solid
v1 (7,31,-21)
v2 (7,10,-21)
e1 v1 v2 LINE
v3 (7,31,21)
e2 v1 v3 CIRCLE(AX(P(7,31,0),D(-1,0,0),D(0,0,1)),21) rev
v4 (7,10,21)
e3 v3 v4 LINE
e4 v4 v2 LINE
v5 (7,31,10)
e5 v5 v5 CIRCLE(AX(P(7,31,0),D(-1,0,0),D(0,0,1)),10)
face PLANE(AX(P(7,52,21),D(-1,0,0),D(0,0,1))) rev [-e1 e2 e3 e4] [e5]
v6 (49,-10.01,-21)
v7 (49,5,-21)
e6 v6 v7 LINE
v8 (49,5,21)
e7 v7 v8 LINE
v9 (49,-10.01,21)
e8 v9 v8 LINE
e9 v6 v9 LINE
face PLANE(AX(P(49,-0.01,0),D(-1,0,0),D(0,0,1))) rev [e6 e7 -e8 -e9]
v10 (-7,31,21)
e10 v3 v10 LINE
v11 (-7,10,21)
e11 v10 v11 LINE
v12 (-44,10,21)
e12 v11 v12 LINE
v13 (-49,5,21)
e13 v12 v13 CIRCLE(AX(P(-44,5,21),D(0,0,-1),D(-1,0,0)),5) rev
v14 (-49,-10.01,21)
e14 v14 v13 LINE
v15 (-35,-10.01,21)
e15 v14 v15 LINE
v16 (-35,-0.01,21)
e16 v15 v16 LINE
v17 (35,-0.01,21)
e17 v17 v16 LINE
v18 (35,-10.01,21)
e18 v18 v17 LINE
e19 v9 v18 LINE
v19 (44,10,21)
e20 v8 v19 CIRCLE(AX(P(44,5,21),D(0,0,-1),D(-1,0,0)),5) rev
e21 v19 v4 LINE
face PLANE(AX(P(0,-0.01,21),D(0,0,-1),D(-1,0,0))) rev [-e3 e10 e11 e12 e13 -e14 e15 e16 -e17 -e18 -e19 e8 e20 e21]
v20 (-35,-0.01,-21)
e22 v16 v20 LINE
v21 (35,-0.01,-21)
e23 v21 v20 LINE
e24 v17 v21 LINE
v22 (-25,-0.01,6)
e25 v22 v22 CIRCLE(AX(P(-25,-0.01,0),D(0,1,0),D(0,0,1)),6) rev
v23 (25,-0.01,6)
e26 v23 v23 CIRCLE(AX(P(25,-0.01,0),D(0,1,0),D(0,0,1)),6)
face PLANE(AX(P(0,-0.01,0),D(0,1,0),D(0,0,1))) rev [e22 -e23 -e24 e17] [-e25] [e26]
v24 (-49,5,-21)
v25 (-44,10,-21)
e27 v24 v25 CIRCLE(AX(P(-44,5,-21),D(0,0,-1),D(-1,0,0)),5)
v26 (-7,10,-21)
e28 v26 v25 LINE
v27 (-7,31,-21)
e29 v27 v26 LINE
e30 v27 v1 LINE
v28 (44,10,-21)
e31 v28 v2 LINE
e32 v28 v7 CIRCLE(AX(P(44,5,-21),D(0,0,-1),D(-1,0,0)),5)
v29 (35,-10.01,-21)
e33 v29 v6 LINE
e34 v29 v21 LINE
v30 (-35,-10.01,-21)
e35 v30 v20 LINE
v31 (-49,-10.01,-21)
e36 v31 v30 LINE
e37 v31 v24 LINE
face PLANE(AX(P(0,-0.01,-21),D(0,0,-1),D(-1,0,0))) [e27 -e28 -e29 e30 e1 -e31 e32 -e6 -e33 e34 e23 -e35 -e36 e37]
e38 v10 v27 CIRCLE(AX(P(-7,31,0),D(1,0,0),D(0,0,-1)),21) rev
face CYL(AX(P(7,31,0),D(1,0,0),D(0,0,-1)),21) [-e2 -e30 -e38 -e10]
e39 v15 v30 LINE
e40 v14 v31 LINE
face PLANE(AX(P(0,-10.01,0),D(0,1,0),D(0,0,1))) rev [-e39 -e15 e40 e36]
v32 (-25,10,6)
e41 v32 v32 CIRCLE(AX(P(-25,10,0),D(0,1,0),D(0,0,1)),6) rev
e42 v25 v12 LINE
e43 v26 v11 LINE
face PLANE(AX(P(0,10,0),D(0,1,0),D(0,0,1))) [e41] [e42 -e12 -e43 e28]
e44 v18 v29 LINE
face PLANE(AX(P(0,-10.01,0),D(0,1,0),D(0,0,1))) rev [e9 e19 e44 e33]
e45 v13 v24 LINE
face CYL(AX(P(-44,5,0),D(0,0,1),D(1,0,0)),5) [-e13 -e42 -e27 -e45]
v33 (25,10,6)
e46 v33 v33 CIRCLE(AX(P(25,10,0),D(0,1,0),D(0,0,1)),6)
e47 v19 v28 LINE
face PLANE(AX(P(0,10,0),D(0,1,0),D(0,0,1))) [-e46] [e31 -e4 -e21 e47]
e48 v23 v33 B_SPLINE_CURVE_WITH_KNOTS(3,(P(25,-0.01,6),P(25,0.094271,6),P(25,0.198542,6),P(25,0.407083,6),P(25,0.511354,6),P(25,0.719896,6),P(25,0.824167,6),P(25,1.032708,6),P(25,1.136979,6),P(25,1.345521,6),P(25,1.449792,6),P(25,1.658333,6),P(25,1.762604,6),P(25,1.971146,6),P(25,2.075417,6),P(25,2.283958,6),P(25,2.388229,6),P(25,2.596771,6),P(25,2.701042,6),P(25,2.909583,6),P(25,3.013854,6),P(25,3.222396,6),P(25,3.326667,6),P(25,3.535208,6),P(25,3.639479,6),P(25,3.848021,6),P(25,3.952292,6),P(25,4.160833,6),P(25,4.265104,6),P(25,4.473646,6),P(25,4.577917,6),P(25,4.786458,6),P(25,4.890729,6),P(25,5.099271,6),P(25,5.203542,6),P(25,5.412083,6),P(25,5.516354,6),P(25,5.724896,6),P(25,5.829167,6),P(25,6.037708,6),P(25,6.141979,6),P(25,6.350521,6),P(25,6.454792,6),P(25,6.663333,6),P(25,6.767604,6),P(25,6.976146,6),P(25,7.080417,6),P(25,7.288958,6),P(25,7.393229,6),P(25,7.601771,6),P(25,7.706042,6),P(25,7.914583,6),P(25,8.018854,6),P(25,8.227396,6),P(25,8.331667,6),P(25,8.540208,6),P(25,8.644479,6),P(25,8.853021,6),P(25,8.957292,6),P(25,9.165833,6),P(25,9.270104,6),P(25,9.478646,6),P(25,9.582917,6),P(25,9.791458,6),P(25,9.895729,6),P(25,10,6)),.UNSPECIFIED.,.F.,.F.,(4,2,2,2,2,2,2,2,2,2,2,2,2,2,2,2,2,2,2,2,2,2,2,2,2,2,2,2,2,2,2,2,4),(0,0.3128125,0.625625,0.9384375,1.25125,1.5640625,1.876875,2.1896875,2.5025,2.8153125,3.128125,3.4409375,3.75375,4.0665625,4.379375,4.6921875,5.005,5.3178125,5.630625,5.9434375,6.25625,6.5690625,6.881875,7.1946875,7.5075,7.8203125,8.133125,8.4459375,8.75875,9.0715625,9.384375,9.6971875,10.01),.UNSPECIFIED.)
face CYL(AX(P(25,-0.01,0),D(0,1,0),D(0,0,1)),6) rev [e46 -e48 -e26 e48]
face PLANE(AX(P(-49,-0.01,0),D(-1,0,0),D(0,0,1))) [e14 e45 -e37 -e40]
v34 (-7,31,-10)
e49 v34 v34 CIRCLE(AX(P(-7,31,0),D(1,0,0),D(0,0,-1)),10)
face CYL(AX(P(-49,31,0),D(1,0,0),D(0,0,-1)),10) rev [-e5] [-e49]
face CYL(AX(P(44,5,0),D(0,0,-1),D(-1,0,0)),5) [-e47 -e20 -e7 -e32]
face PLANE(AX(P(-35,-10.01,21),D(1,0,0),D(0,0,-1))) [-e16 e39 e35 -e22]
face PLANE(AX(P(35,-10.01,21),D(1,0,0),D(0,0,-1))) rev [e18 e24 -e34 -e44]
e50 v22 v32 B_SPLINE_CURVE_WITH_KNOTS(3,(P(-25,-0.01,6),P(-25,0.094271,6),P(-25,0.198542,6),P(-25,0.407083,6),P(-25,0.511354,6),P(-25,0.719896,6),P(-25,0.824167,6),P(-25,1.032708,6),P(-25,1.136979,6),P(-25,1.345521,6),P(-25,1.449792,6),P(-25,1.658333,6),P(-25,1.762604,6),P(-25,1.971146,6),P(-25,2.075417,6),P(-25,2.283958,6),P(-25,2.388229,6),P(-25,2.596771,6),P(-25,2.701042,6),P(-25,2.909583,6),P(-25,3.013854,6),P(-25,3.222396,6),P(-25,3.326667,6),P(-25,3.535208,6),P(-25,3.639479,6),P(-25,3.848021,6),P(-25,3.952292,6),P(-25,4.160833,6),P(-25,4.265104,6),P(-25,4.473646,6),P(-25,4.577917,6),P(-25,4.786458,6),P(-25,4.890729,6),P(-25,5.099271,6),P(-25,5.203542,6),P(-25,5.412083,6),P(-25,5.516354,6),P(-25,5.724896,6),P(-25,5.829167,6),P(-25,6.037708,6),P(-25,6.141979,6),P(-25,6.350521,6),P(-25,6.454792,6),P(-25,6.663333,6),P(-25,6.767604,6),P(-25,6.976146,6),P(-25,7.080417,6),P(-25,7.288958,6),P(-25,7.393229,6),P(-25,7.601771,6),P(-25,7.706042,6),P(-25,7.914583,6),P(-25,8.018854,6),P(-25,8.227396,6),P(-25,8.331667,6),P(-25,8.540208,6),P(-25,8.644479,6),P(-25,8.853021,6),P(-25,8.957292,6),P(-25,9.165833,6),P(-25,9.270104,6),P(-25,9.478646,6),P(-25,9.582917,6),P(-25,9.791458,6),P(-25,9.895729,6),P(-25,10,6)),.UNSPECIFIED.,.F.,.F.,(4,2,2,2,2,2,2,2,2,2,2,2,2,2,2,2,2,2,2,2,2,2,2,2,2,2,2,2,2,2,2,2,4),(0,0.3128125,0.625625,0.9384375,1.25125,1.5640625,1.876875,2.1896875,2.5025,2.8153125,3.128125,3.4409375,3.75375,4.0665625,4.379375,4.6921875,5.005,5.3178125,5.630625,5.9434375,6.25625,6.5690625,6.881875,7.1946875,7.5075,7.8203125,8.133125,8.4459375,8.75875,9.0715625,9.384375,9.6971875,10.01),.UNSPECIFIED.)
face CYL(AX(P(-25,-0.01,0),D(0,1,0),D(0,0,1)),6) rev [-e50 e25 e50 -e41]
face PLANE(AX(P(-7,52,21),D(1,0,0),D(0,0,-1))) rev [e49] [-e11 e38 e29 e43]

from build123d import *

# Parameters (mm, degrees)
BOSS_EXTRUDE1_DEPTH      = 10
BOSS_EXTRUDE1_DEPTH_BACK = 0.01
SKETCH1_W                = 98
SKETCH1_H                = 42
SKETCH1_R                = 6
FILLET1_R                = 5
FILLET2_R                = 5
SKETCH3_W                = 14
SKETCH3_H                = 42
BOSS_EXTRUDE4_DEPTH      = 10
SKETCH10_W               = 14
SKETCH10_H               = 42
BOSS_EXTRUDE5_DEPTH      = 10
SKETCH11_W               = 14
SKETCH11_H               = 42
BOSS_EXTRUDE6_DEPTH      = 42
FILLET3_RADIUS           = 21
FILLET3_LENGTH           = 14
CUT_EXTRUDE1_DEPTH       = 80.252760204
CUT_EXTRUDE1_DEPTH_BACK  = 80.252760204
SKETCH12_R               = 10


with BuildPart() as part:
    # Sketch1 → Boss-Extrude1 (new, two sides: drawn at the far end of the back side and taken through both)
    with BuildSketch(Plane(origin=(0, 0, 0), x_dir=(1, 0, 0), z_dir=(0, 1, 0)).offset(-BOSS_EXTRUDE1_DEPTH_BACK)):
        Rectangle(SKETCH1_W, SKETCH1_H)
        with Locations(Location((25, 0, 0), (0, 0, 270))):
            Circle(SKETCH1_R, mode=Mode.SUBTRACT)
        with Locations(Location((-25, 0, 0), (0, 0, 270))):
            Circle(SKETCH1_R, mode=Mode.SUBTRACT)
    extrude(amount=BOSS_EXTRUDE1_DEPTH + BOSS_EXTRUDE1_DEPTH_BACK)

    # Fillet1
    fillet1_edges = [part.edges().sort_by_distance(p)[0] for p in [
        (-49, 10, 0),
    ]]
    fillet(fillet1_edges, radius=FILLET1_R)

    # Fillet2
    fillet2_edges = [part.edges().sort_by_distance(p)[0] for p in [
        (49, 10, 0),
    ]]
    fillet(fillet2_edges, radius=FILLET2_R)

    # Sketch3 → Boss-Extrude4 (add)
    with BuildSketch(Plane.XZ.offset(0.01)):
        with Locations((-42, 0)):
            Rectangle(SKETCH3_W, SKETCH3_H)
    extrude(amount=BOSS_EXTRUDE4_DEPTH)

    # Sketch10 → Boss-Extrude5 (add)
    with BuildSketch(Plane.XZ.offset(0.01)):
        with Locations((42, 0)):
            Rectangle(SKETCH10_W, SKETCH10_H)
    extrude(amount=BOSS_EXTRUDE5_DEPTH)

    # Sketch11 → Boss-Extrude6 (add)
    with BuildSketch(Plane(origin=(0, 10, 0), x_dir=(1, 0, 0), z_dir=(0, 1, 0))):
        Rectangle(SKETCH11_W, SKETCH11_H)
    extrude(amount=BOSS_EXTRUDE6_DEPTH)

    # Fillet3: full round fillet: the end face becomes a half cylinder, R = half its width
    fillet3_face = Plane((0, 52, 0), x_dir=(1, 0, 0), z_dir=(0, 1, 0))  # on the end face: x along it, z out of the body
    fillet3_slab = fillet3_face.offset(-FILLET3_RADIUS / 2) * Box(FILLET3_LENGTH, 2 * FILLET3_RADIUS, FILLET3_RADIUS, mode=Mode.PRIVATE)  # the body's end, R deep
    fillet3_round = Plane((0, 31, 0), x_dir=(0, 1, 0), z_dir=(1, 0, 0)) * Cylinder(FILLET3_RADIUS, FILLET3_LENGTH, mode=Mode.PRIVATE)  # its axis R under the face
    add(fillet3_slab - fillet3_round, mode=Mode.SUBTRACT)

    # Sketch12 → Cut-Extrude1 (cut, two sides: drawn at the far end of the back side and taken through both)
    with BuildSketch(Plane(origin=(7, 0, 0), x_dir=(0, 0, -1), z_dir=(1, 0, 0)).offset(-CUT_EXTRUDE1_DEPTH_BACK)):
        with Locations((0, 31)):
            Circle(SKETCH12_R)
    extrude(amount=CUT_EXTRUDE1_DEPTH + CUT_EXTRUDE1_DEPTH_BACK, mode=Mode.SUBTRACT)


solid = part.part
